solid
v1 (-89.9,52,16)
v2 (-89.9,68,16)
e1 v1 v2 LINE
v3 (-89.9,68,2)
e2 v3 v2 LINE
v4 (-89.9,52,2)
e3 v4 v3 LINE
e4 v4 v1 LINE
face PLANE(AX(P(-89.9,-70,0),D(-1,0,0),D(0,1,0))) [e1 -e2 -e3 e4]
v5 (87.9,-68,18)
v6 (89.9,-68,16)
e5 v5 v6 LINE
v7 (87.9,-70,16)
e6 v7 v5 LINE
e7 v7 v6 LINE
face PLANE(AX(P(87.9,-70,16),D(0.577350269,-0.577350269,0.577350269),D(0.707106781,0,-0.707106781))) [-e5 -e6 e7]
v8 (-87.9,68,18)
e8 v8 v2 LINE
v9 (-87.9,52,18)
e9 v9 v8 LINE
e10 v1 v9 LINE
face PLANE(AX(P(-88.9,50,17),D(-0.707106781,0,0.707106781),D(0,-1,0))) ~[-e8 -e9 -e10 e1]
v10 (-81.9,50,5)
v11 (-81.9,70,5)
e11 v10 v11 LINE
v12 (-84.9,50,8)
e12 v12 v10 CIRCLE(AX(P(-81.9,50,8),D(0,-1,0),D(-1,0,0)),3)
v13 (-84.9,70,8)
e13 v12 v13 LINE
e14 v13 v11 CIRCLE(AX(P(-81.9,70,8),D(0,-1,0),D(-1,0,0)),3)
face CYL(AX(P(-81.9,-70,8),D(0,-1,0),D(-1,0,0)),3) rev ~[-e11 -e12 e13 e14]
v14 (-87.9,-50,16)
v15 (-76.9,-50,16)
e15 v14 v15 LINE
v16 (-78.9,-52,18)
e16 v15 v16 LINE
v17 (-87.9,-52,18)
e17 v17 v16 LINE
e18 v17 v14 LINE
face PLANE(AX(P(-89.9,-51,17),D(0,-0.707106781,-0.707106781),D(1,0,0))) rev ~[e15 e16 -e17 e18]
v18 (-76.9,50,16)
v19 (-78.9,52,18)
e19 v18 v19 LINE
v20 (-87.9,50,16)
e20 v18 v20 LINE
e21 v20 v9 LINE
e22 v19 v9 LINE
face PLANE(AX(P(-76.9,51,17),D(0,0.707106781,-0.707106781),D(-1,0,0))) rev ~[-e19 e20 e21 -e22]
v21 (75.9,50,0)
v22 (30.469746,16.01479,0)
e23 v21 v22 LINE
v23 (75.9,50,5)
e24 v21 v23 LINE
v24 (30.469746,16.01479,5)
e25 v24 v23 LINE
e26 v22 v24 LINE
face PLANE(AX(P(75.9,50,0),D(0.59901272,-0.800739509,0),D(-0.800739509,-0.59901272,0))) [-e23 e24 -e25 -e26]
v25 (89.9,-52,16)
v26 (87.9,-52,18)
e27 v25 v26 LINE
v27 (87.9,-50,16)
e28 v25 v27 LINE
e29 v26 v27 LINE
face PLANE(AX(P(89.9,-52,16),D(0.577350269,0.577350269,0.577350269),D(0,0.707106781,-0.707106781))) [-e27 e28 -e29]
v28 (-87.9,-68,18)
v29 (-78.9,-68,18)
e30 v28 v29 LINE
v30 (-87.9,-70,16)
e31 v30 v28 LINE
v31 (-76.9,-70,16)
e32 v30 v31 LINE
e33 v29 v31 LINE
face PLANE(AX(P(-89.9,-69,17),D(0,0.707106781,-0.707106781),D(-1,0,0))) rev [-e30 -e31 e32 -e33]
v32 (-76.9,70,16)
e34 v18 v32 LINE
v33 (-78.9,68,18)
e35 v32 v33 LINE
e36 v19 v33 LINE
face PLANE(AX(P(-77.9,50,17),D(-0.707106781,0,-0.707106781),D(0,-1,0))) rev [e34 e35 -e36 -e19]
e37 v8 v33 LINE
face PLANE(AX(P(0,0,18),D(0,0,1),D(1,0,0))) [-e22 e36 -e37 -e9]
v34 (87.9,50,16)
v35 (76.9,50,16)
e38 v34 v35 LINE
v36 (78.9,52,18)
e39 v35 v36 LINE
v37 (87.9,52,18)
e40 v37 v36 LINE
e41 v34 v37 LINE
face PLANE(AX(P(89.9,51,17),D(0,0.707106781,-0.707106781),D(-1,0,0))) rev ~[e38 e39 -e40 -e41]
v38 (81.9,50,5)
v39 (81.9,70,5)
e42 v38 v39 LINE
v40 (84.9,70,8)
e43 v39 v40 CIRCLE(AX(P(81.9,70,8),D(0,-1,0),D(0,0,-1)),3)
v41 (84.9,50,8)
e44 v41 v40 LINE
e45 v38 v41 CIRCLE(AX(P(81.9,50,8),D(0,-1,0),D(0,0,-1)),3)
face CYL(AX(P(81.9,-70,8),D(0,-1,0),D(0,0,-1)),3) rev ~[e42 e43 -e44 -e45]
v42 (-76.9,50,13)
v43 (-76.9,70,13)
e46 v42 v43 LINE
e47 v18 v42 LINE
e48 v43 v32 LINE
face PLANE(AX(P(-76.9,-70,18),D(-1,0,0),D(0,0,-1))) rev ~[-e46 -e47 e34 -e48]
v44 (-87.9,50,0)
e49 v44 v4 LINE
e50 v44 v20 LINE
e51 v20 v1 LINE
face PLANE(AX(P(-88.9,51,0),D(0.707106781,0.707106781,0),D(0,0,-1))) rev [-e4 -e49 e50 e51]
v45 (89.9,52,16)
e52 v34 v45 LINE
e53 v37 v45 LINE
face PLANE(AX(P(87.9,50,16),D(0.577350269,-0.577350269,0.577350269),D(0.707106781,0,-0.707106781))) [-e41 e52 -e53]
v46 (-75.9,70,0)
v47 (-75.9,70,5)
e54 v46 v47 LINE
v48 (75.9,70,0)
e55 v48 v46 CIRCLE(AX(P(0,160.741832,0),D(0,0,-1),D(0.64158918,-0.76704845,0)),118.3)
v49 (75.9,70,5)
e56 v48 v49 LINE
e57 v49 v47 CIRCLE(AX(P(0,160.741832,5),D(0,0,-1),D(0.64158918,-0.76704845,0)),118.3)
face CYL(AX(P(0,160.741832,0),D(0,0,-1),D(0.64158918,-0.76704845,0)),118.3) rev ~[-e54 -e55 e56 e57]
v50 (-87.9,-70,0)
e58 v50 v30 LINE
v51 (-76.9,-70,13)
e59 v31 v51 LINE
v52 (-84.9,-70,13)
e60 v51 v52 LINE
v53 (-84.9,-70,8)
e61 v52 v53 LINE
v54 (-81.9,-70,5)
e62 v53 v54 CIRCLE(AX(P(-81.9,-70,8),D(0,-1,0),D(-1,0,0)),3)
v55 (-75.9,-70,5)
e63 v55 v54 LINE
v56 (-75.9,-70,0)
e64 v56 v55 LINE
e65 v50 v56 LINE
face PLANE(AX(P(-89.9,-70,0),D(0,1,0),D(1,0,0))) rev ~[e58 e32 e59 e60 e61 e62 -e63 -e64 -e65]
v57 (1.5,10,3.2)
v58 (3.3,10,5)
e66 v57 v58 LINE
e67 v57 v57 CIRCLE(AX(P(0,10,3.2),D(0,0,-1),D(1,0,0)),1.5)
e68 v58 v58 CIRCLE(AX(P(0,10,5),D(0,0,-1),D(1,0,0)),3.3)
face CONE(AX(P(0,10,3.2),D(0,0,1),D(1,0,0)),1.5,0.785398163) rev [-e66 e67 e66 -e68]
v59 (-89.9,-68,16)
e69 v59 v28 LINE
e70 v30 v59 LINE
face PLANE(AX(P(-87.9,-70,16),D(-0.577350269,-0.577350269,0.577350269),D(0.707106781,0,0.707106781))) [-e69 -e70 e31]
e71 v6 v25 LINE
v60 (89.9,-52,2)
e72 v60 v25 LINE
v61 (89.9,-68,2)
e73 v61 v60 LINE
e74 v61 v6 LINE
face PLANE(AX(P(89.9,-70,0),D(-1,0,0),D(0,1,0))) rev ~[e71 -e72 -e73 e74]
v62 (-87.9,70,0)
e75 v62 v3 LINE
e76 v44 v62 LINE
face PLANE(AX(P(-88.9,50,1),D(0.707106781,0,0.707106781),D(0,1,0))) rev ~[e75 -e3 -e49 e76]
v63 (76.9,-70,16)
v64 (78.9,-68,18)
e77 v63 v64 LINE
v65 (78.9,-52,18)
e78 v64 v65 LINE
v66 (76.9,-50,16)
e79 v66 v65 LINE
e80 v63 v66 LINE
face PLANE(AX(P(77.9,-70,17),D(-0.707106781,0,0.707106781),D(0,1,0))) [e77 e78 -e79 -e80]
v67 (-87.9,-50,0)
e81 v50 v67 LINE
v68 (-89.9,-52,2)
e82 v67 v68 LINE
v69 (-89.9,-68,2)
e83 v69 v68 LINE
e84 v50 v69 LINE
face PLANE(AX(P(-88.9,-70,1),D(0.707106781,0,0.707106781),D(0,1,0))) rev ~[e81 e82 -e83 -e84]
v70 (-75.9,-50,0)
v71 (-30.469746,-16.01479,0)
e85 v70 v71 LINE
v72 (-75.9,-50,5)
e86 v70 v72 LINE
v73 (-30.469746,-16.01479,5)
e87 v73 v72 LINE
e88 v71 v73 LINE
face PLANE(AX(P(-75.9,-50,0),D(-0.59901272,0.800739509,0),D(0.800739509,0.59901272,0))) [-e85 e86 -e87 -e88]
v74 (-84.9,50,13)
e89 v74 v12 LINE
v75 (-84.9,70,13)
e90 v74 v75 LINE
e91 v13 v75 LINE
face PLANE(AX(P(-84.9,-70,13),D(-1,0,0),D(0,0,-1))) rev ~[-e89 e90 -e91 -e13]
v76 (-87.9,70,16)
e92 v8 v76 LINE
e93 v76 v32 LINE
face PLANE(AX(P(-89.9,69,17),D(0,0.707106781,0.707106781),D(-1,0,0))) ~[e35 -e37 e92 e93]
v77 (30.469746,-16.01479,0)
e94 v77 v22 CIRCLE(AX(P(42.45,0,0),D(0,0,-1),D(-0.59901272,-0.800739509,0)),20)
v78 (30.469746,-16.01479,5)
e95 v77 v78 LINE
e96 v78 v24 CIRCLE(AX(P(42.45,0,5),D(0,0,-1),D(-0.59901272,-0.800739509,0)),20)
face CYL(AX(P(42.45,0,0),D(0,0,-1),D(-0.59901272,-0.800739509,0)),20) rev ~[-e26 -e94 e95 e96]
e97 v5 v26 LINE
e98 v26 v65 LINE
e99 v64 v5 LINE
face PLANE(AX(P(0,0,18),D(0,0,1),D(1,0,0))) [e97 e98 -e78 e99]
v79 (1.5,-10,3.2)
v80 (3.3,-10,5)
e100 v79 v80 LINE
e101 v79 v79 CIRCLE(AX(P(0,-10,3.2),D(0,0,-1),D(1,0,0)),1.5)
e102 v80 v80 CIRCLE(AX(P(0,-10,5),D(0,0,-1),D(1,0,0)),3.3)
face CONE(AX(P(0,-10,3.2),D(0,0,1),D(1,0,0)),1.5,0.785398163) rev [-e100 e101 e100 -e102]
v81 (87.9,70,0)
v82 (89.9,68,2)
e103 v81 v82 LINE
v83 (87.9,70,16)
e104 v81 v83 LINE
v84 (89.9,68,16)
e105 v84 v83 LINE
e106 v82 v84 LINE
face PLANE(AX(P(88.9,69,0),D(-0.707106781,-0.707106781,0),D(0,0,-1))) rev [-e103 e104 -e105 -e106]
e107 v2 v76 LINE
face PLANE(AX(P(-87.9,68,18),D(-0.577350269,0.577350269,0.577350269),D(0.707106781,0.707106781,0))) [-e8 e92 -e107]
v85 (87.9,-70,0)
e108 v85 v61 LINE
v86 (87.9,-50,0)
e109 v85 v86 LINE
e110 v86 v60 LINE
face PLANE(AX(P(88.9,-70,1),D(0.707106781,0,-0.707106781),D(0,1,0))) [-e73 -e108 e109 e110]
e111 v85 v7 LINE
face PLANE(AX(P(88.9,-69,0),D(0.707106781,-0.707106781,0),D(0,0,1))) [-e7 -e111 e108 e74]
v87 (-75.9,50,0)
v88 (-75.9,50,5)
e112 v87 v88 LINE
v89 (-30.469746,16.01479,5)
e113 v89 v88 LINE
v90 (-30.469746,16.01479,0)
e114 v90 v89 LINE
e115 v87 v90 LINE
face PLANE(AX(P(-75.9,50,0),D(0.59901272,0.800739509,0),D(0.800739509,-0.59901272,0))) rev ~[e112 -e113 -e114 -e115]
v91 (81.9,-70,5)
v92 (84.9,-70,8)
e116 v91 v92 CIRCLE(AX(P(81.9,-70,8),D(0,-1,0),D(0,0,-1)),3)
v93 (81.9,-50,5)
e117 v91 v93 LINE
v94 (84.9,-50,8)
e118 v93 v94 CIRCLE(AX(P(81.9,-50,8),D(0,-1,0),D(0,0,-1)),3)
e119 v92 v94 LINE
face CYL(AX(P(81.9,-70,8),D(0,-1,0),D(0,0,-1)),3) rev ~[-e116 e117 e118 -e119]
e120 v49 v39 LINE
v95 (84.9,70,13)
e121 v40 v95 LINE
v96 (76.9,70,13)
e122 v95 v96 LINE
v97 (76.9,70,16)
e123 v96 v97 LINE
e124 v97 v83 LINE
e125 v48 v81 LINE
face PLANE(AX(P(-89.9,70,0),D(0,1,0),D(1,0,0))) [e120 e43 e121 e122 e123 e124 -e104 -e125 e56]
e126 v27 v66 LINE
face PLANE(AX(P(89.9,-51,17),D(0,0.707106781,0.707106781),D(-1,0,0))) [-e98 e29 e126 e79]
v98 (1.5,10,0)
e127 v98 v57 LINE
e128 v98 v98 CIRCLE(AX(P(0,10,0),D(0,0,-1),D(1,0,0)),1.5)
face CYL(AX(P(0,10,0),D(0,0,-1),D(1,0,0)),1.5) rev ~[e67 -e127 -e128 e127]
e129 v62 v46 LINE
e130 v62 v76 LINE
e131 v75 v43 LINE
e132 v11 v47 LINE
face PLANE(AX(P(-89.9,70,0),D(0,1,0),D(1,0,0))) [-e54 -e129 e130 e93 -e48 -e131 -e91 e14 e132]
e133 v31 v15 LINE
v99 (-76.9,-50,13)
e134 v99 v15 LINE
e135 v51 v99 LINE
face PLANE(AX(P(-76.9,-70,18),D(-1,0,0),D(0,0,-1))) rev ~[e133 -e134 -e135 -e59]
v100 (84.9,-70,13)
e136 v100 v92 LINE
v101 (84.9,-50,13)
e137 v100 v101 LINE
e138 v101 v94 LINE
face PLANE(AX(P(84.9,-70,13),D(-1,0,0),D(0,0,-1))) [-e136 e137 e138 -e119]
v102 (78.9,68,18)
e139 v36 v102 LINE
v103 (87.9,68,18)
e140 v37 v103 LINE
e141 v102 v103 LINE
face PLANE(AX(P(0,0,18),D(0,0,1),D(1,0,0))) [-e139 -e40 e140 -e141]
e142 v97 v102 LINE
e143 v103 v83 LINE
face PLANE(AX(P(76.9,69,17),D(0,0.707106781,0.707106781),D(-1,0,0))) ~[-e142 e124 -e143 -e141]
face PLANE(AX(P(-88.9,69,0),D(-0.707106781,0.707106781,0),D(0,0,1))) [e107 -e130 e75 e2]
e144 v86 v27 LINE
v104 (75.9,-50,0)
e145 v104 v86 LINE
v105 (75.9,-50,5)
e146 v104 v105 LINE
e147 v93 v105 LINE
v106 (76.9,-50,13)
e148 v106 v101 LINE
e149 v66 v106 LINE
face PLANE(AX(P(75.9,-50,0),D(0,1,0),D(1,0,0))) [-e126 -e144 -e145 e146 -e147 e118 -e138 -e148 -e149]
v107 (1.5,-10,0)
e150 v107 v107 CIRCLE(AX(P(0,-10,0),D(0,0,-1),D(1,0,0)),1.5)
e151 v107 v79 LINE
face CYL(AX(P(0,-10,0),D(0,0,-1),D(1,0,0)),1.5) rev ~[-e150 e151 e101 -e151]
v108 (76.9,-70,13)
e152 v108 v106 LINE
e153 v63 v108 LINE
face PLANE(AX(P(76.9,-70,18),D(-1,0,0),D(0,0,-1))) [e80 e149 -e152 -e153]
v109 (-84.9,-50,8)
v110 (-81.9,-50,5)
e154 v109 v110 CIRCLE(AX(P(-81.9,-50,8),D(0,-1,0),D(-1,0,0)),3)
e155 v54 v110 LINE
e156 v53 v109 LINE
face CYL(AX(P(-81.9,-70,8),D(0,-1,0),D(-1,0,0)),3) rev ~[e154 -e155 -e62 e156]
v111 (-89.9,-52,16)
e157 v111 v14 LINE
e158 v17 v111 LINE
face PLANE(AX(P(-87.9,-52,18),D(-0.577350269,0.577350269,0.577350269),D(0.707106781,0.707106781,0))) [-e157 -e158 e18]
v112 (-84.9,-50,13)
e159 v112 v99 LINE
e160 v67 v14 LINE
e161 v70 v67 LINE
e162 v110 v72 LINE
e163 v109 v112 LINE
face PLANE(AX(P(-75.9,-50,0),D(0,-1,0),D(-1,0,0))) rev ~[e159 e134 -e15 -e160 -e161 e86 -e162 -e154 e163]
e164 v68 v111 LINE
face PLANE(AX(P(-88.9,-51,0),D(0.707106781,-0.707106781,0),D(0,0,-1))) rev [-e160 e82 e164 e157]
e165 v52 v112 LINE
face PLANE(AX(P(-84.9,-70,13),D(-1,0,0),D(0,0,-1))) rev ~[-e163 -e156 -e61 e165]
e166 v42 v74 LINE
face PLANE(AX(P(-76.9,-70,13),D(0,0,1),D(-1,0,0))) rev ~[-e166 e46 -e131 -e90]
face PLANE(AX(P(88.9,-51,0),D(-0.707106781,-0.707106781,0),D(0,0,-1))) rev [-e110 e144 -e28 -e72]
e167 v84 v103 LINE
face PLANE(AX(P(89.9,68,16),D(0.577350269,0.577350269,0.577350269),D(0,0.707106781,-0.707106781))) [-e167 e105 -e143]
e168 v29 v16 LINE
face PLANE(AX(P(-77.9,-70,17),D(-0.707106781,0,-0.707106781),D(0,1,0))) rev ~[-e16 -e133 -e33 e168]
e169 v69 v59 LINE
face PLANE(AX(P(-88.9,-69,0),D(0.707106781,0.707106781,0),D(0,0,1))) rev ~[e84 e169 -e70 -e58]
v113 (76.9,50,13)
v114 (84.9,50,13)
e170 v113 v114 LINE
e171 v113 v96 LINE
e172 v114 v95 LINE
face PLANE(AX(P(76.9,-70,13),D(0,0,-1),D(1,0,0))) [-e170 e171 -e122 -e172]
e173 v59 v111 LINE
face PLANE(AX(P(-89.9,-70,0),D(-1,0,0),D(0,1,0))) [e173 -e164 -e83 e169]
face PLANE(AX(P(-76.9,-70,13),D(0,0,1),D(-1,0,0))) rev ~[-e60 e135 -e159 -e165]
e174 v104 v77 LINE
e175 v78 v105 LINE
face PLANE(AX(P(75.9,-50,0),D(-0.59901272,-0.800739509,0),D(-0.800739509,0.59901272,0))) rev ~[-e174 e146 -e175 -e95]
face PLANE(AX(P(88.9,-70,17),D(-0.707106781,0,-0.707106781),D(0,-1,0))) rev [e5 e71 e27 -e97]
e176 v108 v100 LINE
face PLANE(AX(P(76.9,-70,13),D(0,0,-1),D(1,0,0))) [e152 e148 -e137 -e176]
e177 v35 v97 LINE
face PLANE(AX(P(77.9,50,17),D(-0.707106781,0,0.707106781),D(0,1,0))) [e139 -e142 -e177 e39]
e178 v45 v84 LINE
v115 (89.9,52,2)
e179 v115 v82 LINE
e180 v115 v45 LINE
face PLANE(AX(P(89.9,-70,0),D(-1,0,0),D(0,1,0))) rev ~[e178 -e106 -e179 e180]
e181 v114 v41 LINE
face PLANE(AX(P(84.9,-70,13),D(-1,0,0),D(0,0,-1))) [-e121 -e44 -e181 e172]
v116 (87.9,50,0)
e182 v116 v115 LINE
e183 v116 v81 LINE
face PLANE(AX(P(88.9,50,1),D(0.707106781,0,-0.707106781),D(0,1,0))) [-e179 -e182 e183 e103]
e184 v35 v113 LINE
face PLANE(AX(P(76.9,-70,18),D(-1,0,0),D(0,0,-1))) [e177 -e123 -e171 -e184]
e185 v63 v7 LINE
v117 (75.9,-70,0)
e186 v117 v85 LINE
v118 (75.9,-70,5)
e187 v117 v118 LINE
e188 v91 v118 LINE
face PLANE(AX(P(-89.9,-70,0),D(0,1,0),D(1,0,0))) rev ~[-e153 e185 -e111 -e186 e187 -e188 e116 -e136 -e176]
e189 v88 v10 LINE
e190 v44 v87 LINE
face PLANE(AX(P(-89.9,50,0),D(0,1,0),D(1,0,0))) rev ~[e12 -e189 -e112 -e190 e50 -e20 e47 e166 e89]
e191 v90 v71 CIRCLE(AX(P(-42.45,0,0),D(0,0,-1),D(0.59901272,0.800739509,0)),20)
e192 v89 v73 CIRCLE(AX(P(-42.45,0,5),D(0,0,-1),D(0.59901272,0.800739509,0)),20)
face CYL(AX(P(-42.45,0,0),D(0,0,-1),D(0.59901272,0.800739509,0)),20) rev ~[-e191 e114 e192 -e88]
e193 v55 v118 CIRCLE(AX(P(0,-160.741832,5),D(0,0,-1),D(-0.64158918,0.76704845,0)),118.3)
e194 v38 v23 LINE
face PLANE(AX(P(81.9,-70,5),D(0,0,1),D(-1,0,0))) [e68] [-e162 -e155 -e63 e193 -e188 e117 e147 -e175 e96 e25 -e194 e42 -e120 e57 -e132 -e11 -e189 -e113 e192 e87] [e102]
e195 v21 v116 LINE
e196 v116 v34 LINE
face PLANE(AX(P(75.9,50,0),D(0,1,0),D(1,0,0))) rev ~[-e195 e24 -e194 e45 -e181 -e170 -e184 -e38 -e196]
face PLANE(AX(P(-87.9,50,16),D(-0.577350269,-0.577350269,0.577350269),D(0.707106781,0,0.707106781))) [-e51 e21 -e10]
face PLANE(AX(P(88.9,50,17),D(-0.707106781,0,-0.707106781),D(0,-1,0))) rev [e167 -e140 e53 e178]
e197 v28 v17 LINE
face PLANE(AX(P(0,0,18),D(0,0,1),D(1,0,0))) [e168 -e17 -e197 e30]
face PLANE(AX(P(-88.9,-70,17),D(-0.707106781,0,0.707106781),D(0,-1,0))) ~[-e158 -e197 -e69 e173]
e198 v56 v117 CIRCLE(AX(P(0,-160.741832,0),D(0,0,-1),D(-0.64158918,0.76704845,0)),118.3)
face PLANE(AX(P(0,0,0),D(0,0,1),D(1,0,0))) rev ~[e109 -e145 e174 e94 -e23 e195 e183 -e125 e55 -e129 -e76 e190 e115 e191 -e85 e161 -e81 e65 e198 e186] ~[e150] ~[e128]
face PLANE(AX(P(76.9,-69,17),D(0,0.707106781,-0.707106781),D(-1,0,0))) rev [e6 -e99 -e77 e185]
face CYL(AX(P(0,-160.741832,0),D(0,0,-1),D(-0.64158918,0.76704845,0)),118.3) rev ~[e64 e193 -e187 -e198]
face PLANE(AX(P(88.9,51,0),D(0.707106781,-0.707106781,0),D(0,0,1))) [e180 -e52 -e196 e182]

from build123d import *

# Parameters (mm, degrees)
SKETCH019_W     = 179.8
SKETCH019_H     = 140
PAD006_DEPTH    = 18
POCKET005_DEPTH = 140.001
SKETCH020_R     = 1.5
POCKET006_DEPTH = 18.001
CHAMFER004_SIZE = 1.8
CHAMFER009_SIZE = 2


with BuildPart() as part:
    # Sketch019 → Pad006 (new body)
    with BuildSketch(Plane.XY):
        Rectangle(SKETCH019_W, SKETCH019_H)
    extrude(amount=PAD006_DEPTH)

    # Sketch017 (on Face3 of Pad006) → Pocket005 (cut, through all)
    with BuildSketch(Plane.XZ.offset(70)):
        with BuildLine():
            Line((-76.9, 18), (76.9, 18))
            Line((76.9, 18), (76.9, 13))
            Line((76.9, 13), (84.9, 13))
            Line((84.9, 13), (84.9, 8))
            ThreePointArc((81.9, 5), (84.0213203436, 5.8786796564), (84.9, 8))
            Line((81.9, 5), (-81.9, 5))
            ThreePointArc((-84.9, 8), (-84.0213203436, 5.8786796564), (-81.9, 5))
            Line((-84.9, 13), (-84.9, 8))
            Line((-76.9, 13), (-84.9, 13))
            Line((-76.9, 18), (-76.9, 13))
        make_face()
    extrude(amount=-POCKET005_DEPTH, mode=Mode.SUBTRACT)

    # Sketch020 (on Face2 of Pocket005) → Pocket006 (cut, through all)
    with BuildSketch(Plane(origin=(0, 0, 0), x_dir=(1, 0, 0), z_dir=(0, 0, -1))):
        with Locations((0, -10)):
            Circle(SKETCH020_R)
        with Locations((0, 10)):
            Circle(SKETCH020_R)
        with BuildLine():
            Line((-75.9, -70), (75.9, -70))
            ThreePointArc((75.9, -70), (0, -42.4418315883), (-75.9, -70))
        make_face()
        with BuildLine():
            Line((75.9, 50), (30.4697456096, 16.0147901872))
            ThreePointArc((30.4697456096, 16.0147901872), (22.45, 0), (30.4697456096, -16.0147901872))
            Line((75.9, -50), (30.4697456096, -16.0147901872))
            Line((75.9, -50), (89.9, -50))
            Line((89.9, 50), (89.9, -50))
            Line((75.9, 50), (89.9, 50))
        make_face()
        with BuildLine():
            ThreePointArc((-30.4697456096, -16.0147901872), (-22.45, 0), (-30.4697456096, 16.0147901872))
            Line((-75.9, 50), (-30.4697456096, 16.0147901872))
            Line((-75.9, 50), (-89.9, 50))
            Line((-89.9, 50), (-89.9, -50))
            Line((-89.9, -50), (-75.9, -50))
            Line((-75.9, -50), (-30.4697456096, -16.0147901872))
        make_face()
        with BuildLine():
            Line((-75.9, 70), (75.9, 70))
            ThreePointArc((-75.9, 70), (0, 42.4418315883), (75.9, 70))
        make_face()
    extrude(amount=-POCKET006_DEPTH, mode=Mode.SUBTRACT)

    # Chamfer004
    chamfer004_edges = [part.edges().sort_by_distance(p)[0] for p in [
        (-1.5, -10, 5),
        (-1.5, 10, 5),
    ]]
    chamfer(chamfer004_edges, length=CHAMFER004_SIZE)

    # Chamfer009
    chamfer009_edges = [part.edges().sort_by_distance(p)[0] for p in [
        (83.4, 70, 18),
        (89.9, 60, 18),
        (83.4, 50, 18),
        (76.9, 60, 18),
        (89.9, 60, 0),
        (89.9, 50, 9),
        (89.9, 70, 9),
        (83.4, -50, 18),
        (89.9, -60, 18),
        (83.4, -70, 18),
        (76.9, -60, 18),
        (89.9, -60, 0),
        (89.9, -70, 9),
        (89.9, -50, 9),
        (-89.9, 60, 0),
        (-89.9, 70, 9),
        (-89.9, 60, 18),
        (-89.9, 50, 9),
        (-89.9, -60, 0),
        (-89.9, -50, 9),
        (-89.9, -60, 18),
        (-89.9, -70, 9),
        (-83.4, -50, 18),
        (-76.9, -60, 18),
        (-83.4, -70, 18),
        (-83.4, 70, 18),
        (-76.9, 60, 18),
        (-83.4, 50, 18),
    ]]
    chamfer(chamfer009_edges, length=CHAMFER009_SIZE)


solid = part.part
